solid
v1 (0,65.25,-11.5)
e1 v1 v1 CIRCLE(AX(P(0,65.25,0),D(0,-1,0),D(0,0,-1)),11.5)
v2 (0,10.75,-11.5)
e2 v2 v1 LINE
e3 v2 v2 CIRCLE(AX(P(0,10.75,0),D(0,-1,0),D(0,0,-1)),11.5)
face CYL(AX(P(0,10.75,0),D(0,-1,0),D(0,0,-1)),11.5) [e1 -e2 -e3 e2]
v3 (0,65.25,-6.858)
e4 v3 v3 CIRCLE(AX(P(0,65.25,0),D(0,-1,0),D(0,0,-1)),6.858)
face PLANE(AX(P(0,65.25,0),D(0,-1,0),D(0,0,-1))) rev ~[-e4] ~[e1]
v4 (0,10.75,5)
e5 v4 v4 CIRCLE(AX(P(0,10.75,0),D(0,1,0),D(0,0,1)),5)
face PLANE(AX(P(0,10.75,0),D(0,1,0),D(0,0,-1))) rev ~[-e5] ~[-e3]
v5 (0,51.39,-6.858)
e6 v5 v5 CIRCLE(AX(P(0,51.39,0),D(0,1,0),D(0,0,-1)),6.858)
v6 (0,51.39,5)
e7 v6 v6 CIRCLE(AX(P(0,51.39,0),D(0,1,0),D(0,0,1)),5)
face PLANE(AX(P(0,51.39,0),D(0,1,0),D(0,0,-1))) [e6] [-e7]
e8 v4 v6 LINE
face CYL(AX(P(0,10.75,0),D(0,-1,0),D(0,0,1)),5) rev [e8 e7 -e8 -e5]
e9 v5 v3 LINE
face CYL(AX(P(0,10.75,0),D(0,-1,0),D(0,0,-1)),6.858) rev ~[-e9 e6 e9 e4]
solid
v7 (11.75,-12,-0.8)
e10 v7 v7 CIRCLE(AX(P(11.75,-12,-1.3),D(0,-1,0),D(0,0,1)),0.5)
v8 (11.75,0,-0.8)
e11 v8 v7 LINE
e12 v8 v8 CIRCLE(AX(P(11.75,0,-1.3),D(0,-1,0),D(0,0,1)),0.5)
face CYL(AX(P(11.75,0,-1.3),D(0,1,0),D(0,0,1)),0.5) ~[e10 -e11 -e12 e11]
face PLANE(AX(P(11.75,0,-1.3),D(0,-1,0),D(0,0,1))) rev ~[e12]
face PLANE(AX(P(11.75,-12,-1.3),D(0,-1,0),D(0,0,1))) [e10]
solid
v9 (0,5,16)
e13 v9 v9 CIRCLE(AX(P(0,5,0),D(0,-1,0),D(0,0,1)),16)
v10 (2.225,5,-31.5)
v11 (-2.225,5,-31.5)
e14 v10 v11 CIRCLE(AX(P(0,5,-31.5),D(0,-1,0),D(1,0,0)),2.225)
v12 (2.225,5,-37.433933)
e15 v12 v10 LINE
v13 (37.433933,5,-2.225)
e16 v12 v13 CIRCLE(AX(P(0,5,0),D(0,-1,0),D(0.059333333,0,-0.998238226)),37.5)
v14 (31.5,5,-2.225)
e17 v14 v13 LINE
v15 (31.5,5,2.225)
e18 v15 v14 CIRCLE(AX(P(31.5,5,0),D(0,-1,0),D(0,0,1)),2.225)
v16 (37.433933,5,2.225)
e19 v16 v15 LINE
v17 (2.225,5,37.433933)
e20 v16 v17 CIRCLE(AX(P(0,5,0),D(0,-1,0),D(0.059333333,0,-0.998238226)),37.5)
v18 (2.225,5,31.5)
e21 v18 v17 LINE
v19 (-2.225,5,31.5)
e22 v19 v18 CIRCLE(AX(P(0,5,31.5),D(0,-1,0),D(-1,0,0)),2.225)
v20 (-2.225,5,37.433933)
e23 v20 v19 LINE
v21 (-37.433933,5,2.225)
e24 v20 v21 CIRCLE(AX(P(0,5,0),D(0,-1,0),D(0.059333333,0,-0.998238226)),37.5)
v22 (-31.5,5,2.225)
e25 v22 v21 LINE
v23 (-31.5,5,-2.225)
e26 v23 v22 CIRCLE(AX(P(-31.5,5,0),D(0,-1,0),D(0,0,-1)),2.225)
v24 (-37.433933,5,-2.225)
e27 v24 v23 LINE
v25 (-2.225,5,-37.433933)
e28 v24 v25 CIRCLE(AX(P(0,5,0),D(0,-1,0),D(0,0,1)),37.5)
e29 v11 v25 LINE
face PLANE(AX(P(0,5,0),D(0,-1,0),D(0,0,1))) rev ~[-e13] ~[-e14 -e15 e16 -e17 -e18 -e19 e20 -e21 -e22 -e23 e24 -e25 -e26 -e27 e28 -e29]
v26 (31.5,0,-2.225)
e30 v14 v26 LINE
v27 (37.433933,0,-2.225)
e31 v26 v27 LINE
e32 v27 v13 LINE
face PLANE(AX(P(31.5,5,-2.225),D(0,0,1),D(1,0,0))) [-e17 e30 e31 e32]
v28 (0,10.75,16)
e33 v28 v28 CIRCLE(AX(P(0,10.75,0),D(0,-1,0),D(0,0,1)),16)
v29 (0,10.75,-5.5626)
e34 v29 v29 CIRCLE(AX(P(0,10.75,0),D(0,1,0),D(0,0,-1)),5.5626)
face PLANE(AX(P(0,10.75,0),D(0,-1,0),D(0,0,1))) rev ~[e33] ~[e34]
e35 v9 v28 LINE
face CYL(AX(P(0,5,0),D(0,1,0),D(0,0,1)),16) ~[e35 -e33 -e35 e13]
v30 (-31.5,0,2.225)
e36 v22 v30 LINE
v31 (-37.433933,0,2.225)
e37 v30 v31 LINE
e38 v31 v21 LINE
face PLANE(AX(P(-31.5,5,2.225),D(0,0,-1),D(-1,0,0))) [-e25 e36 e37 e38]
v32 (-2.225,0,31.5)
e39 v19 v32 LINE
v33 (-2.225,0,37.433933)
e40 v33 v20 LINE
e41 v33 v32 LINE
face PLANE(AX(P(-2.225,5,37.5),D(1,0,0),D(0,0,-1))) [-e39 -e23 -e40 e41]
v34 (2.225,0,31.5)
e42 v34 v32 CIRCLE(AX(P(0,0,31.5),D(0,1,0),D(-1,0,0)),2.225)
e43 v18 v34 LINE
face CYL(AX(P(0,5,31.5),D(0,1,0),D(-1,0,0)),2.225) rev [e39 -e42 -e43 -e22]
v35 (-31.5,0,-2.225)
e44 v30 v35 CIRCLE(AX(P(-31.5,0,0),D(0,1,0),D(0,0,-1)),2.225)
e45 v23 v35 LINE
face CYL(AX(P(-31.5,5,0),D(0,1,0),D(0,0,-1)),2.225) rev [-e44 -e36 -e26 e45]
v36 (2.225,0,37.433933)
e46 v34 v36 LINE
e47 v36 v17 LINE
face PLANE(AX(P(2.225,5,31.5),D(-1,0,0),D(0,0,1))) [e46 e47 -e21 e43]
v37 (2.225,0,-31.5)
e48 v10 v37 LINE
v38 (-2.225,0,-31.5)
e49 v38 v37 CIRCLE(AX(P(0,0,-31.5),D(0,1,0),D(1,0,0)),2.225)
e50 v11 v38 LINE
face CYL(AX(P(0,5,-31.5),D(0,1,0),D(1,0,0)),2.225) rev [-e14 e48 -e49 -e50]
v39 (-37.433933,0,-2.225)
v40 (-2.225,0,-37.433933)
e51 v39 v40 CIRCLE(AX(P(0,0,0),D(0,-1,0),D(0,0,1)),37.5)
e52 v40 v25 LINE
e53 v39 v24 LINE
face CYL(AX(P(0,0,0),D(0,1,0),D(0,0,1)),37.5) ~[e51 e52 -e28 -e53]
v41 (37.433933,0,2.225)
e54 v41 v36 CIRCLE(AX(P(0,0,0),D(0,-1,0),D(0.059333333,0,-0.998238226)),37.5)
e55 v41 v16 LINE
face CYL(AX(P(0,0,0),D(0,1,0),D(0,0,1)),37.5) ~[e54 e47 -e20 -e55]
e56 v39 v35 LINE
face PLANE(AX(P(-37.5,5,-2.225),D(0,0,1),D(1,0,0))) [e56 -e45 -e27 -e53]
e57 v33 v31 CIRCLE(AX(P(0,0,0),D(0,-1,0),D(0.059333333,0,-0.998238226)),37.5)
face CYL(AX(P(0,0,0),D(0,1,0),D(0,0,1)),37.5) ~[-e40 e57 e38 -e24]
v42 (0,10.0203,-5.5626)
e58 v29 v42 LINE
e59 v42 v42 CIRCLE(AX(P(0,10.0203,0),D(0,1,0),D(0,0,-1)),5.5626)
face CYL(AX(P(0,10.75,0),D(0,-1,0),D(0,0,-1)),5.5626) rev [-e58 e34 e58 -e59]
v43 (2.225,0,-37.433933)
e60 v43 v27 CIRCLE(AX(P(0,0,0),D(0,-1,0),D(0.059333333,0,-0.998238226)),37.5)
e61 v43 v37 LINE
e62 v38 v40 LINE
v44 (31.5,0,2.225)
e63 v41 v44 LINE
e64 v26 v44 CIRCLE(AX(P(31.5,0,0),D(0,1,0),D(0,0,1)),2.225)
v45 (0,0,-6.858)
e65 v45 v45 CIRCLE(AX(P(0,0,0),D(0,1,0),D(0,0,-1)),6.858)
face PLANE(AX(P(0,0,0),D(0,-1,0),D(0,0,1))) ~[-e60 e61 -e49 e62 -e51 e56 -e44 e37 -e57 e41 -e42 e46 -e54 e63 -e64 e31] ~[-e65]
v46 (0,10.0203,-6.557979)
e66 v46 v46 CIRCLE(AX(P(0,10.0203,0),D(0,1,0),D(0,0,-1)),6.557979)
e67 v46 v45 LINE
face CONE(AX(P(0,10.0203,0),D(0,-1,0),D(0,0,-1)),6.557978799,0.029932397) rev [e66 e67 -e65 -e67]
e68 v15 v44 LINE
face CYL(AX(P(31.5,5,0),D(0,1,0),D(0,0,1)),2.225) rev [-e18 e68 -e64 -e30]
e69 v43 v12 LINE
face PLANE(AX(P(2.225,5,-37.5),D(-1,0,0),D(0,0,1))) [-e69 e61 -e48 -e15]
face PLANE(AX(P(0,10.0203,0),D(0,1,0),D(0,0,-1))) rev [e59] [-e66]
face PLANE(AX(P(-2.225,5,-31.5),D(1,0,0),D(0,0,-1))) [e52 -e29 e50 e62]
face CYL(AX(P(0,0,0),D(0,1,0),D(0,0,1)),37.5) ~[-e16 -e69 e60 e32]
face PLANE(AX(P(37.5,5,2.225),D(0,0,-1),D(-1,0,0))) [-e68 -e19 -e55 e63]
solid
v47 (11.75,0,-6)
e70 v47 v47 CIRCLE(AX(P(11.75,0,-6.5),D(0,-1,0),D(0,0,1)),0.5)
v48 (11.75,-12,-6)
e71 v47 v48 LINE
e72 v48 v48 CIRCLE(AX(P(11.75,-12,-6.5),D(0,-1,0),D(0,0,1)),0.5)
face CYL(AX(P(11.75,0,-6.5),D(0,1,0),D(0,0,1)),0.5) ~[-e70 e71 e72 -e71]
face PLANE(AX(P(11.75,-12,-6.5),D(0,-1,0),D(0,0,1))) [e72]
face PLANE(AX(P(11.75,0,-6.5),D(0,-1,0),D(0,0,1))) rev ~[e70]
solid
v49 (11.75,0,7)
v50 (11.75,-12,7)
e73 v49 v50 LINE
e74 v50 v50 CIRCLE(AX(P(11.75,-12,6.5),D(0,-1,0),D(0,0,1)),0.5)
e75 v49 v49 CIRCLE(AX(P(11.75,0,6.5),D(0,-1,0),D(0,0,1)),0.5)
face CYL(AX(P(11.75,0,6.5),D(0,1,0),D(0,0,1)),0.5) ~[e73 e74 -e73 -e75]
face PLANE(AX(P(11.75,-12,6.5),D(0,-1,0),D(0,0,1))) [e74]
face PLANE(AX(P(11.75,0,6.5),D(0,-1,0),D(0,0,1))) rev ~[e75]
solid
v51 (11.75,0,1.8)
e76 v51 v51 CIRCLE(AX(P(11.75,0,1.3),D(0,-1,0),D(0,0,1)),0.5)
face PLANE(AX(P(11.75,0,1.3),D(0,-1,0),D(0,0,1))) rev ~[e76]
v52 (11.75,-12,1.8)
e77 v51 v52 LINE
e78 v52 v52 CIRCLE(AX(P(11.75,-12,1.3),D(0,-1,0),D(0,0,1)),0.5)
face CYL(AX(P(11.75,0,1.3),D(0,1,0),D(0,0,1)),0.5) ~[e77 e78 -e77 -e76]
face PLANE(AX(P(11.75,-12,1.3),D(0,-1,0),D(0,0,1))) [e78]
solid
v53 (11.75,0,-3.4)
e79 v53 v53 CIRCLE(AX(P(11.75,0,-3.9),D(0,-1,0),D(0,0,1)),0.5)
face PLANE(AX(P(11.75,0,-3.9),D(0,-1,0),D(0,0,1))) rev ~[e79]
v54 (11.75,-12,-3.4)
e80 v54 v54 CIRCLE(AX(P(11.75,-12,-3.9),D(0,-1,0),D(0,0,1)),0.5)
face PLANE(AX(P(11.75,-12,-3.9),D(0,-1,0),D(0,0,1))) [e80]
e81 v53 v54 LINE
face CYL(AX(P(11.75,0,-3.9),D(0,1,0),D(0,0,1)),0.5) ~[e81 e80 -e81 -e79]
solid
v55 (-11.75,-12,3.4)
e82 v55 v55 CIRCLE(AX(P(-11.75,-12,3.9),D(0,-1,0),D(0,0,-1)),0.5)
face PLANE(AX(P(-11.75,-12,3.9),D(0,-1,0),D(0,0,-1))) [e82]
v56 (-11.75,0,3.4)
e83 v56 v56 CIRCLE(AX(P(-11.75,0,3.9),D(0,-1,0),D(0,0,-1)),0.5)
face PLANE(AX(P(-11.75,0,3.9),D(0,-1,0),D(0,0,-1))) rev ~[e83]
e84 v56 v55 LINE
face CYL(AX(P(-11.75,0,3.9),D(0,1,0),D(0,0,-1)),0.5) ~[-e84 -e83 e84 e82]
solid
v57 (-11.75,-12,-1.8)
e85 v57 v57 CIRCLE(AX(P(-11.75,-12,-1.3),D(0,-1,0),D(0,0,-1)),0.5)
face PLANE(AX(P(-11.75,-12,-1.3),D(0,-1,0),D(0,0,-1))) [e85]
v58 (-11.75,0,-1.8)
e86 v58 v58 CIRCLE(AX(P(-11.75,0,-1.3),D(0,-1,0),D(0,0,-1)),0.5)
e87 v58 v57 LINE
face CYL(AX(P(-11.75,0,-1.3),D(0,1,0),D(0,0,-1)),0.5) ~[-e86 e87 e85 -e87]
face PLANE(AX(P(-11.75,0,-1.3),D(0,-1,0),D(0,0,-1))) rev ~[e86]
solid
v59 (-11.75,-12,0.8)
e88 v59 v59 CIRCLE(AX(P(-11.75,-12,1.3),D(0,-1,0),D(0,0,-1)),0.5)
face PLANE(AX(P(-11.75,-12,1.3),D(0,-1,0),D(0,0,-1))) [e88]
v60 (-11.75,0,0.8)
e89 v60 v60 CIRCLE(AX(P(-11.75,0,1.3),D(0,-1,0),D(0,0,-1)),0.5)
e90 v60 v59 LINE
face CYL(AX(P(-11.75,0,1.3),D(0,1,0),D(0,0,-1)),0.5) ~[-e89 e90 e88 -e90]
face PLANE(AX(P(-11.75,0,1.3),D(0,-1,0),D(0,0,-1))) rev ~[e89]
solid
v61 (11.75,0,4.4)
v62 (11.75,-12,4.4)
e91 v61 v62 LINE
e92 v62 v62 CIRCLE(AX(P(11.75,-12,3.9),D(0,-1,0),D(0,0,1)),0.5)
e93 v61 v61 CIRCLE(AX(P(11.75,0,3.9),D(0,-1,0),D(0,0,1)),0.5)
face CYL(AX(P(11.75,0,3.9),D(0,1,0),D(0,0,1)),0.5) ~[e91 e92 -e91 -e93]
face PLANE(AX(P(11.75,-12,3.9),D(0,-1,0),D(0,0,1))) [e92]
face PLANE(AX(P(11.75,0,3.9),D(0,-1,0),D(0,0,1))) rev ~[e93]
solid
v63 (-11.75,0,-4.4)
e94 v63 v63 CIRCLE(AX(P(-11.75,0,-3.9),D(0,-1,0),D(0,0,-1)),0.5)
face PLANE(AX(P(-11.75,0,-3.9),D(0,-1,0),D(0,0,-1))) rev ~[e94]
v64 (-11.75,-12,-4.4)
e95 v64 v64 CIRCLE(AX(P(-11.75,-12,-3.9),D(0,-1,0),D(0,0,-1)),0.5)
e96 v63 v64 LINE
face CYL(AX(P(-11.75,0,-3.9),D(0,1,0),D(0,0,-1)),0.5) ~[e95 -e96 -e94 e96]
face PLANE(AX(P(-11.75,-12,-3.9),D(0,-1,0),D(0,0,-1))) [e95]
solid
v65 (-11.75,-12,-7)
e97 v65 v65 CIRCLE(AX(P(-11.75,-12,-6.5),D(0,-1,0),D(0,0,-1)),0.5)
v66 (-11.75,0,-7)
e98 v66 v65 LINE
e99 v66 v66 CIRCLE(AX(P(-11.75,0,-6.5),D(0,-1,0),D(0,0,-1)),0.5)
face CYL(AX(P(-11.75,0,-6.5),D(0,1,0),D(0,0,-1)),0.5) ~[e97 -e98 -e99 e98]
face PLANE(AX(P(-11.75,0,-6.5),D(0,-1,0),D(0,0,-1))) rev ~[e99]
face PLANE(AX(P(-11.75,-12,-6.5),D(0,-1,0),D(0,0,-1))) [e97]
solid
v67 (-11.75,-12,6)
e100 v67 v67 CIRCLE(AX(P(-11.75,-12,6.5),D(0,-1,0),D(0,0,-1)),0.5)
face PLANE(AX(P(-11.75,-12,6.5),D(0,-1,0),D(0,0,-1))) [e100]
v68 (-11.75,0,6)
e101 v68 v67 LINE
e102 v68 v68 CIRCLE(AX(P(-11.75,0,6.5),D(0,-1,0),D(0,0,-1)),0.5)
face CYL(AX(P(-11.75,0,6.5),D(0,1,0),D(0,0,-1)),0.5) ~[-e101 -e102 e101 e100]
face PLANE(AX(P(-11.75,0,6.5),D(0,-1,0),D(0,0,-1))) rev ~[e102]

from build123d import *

# Parameters (mm, degrees)
CUT_EXTRUDE1_DEPTH     = 54.343814074
CIRPATTERN1_COUNT      = 4
SKETCH7_R              = 0.5
BOSS_EXTRUDE1_DEPTH    = 12
BOSS_EXTRUDE1_2_DEPTH  = 12
BOSS_EXTRUDE1_3_DEPTH  = 12
BOSS_EXTRUDE1_4_DEPTH  = 12
BOSS_EXTRUDE1_5_DEPTH  = 12
BOSS_EXTRUDE1_6_DEPTH  = 12
BOSS_EXTRUDE1_7_DEPTH  = 12
BOSS_EXTRUDE1_8_DEPTH  = 12
BOSS_EXTRUDE1_9_DEPTH  = 12
BOSS_EXTRUDE1_10_DEPTH = 12
BOSS_EXTRUDE1_11_DEPTH = 12
BOSS_EXTRUDE1_12_DEPTH = 12
SKETCH8_R              = 11.5
SKETCH8_R_2            = 6.858
BOSS_EXTRUDE3_DEPTH    = 54.5
SKETCH9_R              = 6.858
SKETCH9_R_2            = 5
BOSS_EXTRUDE4_DEPTH    = 40.64


with BuildPart() as part:
    # Sketch2 → Revolve1 (revolve)
    with BuildSketch(Plane.XY, mode=Mode.PRIVATE) as revolve1_sk:
        Polygon((0, 0), (37.5, 0), (37.5, 5), (16, 5), (16, 10.75), (0, 10.75), align=None)
    revolve(revolve1_sk.sketch.rotate(Axis((0, 10.75, 0), (0, -1, 0)), 90), axis=Axis((0, 10.75, 0), (0, -1, 0)))

    # Sketch4 → 1/4 NPT Tapped Hole1 (revolve, cut)
    with BuildSketch(Plane(origin=(0, 0, 0), x_dir=(0, 0, -1), z_dir=(1, 0, 0))):
        Polygon((0, 0), (0, 10.75), (5.5626, 10.75), (5.5626, 10.0203), (6.557978799, 10.0203), (6.858, 0), align=None)
    revolve(axis=Axis((0, -6.35, 0), (0, 1, 0)), mode=Mode.SUBTRACT)

    # Sketch5 → Cut-Extrude1 (cut, through all)
    with BuildSketch(Plane(origin=(0, 5, 0), x_dir=(1, 0, 0), z_dir=(0, 1, 0))):
        with BuildLine():
            Line((2.225, 37.5), (2.225, 31.5))
            ThreePointArc((2.225, 31.5), (0, 29.275), (-2.225, 31.5))
            Line((-2.225, 31.5), (-2.225, 37.5))
            ThreePointArc((-2.225, 37.5), (0, 39.725), (2.225, 37.5))
        make_face()
    cut_extrude1 = extrude(amount=-CUT_EXTRUDE1_DEPTH, mode=Mode.SUBTRACT)

    # CirPattern1: Cut-Extrude1 ×4 about axis
    cirpattern1_axis = Axis((0, 0, 0), (0, 1, 0))
    for i in range(1, CIRPATTERN1_COUNT):
        add(cut_extrude1.rotate(cirpattern1_axis, i * 360 / CIRPATTERN1_COUNT), mode=Mode.SUBTRACT)


with BuildPart() as body_2:
    # Sketch7 → Boss-Extrude1 (new body)
    with BuildSketch(Plane.XZ):
        with Locations(Location((-11.75, 6.5, 0), (0, 0, 270))):
            Circle(SKETCH7_R)
    extrude(amount=BOSS_EXTRUDE1_DEPTH)


with BuildPart() as body_3:
    # Sketch7 → Boss-Extrude1 2 (new body)
    with BuildSketch(Plane.XZ):
        with Locations(Location((-11.75, 3.9, 0), (0, 0, 270))):
            Circle(SKETCH7_R)
    extrude(amount=BOSS_EXTRUDE1_2_DEPTH)


with BuildPart() as body_4:
    # Sketch7 → Boss-Extrude1 3 (new body)
    with BuildSketch(Plane.XZ):
        with Locations(Location((-11.75, 1.3, 0), (0, 0, 270))):
            Circle(SKETCH7_R)
    extrude(amount=BOSS_EXTRUDE1_3_DEPTH)


with BuildPart() as body_5:
    # Sketch7 → Boss-Extrude1 4 (new body)
    with BuildSketch(Plane.XZ):
        with Locations(Location((-11.75, -1.3, 0), (0, 0, 270))):
            Circle(SKETCH7_R)
    extrude(amount=BOSS_EXTRUDE1_4_DEPTH)


with BuildPart() as body_6:
    # Sketch7 → Boss-Extrude1 5 (new body)
    with BuildSketch(Plane.XZ):
        with Locations(Location((-11.75, -3.9, 0), (0, 0, 270))):
            Circle(SKETCH7_R)
    extrude(amount=BOSS_EXTRUDE1_5_DEPTH)


with BuildPart() as body_7:
    # Sketch7 → Boss-Extrude1 6 (new body)
    with BuildSketch(Plane.XZ):
        with Locations(Location((-11.75, -6.5, 0), (0, 0, 270))):
            Circle(SKETCH7_R)
    extrude(amount=BOSS_EXTRUDE1_6_DEPTH)


with BuildPart() as body_8:
    # Sketch7 → Boss-Extrude1 7 (new body)
    with BuildSketch(Plane.XZ):
        with Locations(Location((11.75, -6.5, 0), (0, 0, 90))):
            Circle(SKETCH7_R)
    extrude(amount=BOSS_EXTRUDE1_7_DEPTH)


with BuildPart() as body_9:
    # Sketch7 → Boss-Extrude1 8 (new body)
    with BuildSketch(Plane.XZ):
        with Locations(Location((11.75, -3.9, 0), (0, 0, 90))):
            Circle(SKETCH7_R)
    extrude(amount=BOSS_EXTRUDE1_8_DEPTH)


with BuildPart() as body_10:
    # Sketch7 → Boss-Extrude1 9 (new body)
    with BuildSketch(Plane.XZ):
        with Locations(Location((11.75, -1.3, 0), (0, 0, 90))):
            Circle(SKETCH7_R)
    extrude(amount=BOSS_EXTRUDE1_9_DEPTH)


with BuildPart() as body_11:
    # Sketch7 → Boss-Extrude1 10 (new body)
    with BuildSketch(Plane.XZ):
        with Locations(Location((11.75, 1.3, 0), (0, 0, 90))):
            Circle(SKETCH7_R)
    extrude(amount=BOSS_EXTRUDE1_10_DEPTH)


with BuildPart() as body_12:
    # Sketch7 → Boss-Extrude1 11 (new body)
    with BuildSketch(Plane.XZ):
        with Locations(Location((11.75, 3.9, 0), (0, 0, 90))):
            Circle(SKETCH7_R)
    extrude(amount=BOSS_EXTRUDE1_11_DEPTH)


with BuildPart() as body_13:
    # Sketch7 → Boss-Extrude1 12 (new body)
    with BuildSketch(Plane.XZ):
        with Locations(Location((11.75, 6.5, 0), (0, 0, 90))):
            Circle(SKETCH7_R)
    extrude(amount=BOSS_EXTRUDE1_12_DEPTH)


with BuildPart() as body_14:
    # Sketch8 → Boss-Extrude3 (new body)
    with BuildSketch(Plane.XZ.offset(-10.75)):
        with Locations(Location((0, 0, 0), (0, 0, 270))):
            Circle(SKETCH8_R)
        with Locations(Location((0, 0, 0), (0, 0, 270))):
            Circle(SKETCH8_R_2, mode=Mode.SUBTRACT)
    extrude(amount=-BOSS_EXTRUDE3_DEPTH)

    # Sketch9 → Boss-Extrude4 (add)
    with BuildSketch(Plane(origin=(0, 10.75, 0), x_dir=(1, 0, 0), z_dir=(0, 1, 0))):
        with Locations(Location((0, 0, 0), (0, 0, 90))):
            Circle(SKETCH9_R)
        with Locations(Location((0, 0, 0), (0, 0, 270))):
            Circle(SKETCH9_R_2, mode=Mode.SUBTRACT)
    extrude(amount=BOSS_EXTRUDE4_DEPTH)


solid = Compound([part.part, body_2.part, body_3.part, body_4.part, body_5.part, body_6.part, body_7.part, body_8.part, body_9.part, body_10.part, body_11.part, body_12.part, body_13.part, body_14.part])
